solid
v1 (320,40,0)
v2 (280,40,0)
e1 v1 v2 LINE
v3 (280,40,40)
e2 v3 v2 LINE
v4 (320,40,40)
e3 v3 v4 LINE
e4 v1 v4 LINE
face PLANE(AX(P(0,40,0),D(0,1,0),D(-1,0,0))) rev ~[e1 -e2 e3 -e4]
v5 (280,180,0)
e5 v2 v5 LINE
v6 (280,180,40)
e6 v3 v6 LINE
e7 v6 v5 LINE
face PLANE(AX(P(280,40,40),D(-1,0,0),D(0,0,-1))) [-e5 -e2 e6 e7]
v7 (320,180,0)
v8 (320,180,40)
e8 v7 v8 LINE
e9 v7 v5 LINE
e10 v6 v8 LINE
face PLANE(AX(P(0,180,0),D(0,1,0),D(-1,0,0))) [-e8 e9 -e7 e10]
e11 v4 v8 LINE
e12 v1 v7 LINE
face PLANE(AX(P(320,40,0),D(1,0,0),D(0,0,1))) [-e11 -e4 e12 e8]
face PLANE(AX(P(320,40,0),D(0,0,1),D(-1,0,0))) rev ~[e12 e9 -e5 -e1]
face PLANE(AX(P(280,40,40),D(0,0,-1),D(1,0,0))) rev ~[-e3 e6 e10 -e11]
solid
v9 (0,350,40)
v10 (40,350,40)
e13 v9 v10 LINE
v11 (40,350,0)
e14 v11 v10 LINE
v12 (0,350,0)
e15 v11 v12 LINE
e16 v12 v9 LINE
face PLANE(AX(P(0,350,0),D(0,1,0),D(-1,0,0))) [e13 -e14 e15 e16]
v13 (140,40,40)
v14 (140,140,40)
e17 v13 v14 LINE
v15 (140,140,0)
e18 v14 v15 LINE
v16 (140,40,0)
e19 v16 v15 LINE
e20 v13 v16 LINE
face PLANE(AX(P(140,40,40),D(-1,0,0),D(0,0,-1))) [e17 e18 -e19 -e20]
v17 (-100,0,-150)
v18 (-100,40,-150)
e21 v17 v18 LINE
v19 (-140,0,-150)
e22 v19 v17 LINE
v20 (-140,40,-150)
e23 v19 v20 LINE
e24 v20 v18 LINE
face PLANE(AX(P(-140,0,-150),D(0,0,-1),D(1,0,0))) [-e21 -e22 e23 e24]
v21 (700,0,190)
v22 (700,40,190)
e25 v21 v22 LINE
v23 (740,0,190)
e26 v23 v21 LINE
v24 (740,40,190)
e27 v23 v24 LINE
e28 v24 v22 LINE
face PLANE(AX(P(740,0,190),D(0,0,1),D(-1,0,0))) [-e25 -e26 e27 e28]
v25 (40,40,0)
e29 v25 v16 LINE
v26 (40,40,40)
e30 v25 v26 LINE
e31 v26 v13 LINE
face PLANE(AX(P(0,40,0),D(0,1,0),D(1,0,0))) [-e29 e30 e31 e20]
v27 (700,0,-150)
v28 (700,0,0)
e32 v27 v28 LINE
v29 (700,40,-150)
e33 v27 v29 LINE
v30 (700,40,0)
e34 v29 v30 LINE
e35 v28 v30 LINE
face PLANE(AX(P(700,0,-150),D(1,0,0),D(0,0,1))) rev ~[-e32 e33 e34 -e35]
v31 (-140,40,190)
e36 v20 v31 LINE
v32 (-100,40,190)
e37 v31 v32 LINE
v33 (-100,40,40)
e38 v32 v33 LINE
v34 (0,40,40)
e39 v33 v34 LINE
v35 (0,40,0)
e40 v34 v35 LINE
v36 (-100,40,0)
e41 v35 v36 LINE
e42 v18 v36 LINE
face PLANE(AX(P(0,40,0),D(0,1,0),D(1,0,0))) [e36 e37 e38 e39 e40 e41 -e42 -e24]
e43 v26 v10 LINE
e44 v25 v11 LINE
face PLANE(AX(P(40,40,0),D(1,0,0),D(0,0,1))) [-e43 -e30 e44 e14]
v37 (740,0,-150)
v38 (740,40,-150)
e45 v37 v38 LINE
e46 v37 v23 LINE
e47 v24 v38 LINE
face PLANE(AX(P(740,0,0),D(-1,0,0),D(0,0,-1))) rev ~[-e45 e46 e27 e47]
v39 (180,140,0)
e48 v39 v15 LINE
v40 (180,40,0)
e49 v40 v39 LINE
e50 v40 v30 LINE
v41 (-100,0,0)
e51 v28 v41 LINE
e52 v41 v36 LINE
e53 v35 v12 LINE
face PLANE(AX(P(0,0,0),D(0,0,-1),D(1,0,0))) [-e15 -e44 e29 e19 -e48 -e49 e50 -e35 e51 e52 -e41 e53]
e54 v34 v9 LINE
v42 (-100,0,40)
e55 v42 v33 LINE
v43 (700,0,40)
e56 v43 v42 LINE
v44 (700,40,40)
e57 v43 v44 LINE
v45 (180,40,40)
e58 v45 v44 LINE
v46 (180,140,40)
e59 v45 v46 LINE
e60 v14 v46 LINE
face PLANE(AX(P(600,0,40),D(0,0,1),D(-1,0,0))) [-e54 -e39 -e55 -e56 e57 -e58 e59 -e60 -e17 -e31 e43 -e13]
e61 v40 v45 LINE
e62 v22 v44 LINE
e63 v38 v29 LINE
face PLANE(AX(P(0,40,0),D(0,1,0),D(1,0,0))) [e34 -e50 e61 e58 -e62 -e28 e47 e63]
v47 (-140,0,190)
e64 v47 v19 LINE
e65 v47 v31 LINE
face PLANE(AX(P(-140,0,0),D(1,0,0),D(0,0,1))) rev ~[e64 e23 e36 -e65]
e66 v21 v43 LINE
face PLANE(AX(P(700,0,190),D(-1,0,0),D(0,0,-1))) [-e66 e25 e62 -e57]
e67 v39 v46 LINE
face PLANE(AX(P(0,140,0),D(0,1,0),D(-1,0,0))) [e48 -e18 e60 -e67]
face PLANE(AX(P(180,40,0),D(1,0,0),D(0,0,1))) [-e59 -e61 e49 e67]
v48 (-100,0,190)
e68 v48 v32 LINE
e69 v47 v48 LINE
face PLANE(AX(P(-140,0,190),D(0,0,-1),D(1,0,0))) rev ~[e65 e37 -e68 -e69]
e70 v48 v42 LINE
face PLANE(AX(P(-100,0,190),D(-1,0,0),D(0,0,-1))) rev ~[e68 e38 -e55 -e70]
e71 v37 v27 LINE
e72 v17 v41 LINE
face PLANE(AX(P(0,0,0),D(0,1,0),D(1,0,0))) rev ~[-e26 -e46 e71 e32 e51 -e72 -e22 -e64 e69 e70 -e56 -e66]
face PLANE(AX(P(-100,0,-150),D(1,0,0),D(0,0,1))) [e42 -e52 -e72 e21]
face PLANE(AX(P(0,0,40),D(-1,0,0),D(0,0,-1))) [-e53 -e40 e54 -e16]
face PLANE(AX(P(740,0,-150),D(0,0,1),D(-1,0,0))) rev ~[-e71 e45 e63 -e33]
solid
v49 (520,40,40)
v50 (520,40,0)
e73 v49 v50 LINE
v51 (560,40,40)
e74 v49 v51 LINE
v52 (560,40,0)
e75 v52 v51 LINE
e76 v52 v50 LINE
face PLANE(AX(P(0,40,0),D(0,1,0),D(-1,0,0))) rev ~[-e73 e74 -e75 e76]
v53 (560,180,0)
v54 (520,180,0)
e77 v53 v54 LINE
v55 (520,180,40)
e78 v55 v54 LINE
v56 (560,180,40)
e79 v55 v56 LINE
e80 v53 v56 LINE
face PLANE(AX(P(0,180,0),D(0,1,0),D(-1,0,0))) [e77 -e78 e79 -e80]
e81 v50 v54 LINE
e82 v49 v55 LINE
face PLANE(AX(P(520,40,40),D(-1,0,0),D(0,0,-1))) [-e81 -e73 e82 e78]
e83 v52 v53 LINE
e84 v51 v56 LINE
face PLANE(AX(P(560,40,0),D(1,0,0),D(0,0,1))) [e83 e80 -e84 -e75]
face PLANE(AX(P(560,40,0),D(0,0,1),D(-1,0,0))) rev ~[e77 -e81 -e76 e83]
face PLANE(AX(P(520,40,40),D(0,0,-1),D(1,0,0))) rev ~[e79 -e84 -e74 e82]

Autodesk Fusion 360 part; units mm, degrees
sketch "Eskiz1" plane through (0, 0, 0) normal (0, 1, 0) x (1, 0, 0)
  line L0 (0, 0) -> (600, 0)
  line L1 (600, 0) -> (600, -40)
  line L2 (600, -40) -> (0, -40)
  line L3 (0, -40) -> (0, 0)
  line L4 (0, 0) -> (-100, 0)
  line L5 (-100, 0) -> (-100, -40)
  line L6 (-100, -40) -> (0, -40)
  line L7 (0, -40) -> (0, 0)
  line L8 (-100, 0) -> (-140, 0)
  line L9 (-140, 0) -> (-140, -190)
  line L10 (-140, -190) -> (-100, -190)
  line L11 (-100, -190) -> (-100, 0)
  line L12 (-100, -40) -> (-140, -40)
  line L13 (-140, -40) -> (-140, 150)
  line L14 (-140, 150) -> (-100, 150)
  line L15 (-100, 150) -> (-100, -40)
  line L16 (740, 0) -> (740, -190)
  line L17 (700, 0) -> (600, 0)
  line L18 (740, -40) -> (740, 150)
  line L19 (600, -40) -> (700, -40)
  line L20 (700, -190) -> (700, 0)
  line L21 (740, -190) -> (700, -190)
  line L22 (700, -40) -> (700, 0)
  line L23 (740, 150) -> (700, 150)
  line L24 (700, -40) -> (740, -40)
  line L25 (700, 0) -> (740, 0)
  line L26 (700, 150) -> (700, -40)
  dimension "d1" = 600
  dimension "d2" = 40
  dimension "d24" = 100
  dimension "d25" = 40
  dimension "d26" = 40
  dimension "d27" = 190
  dimension "d28" = 40
  dimension "d29" = 190
  dimension "d30" = 100
  dimension "d31" = 40
  dimension "d32" = 40
  dimension "d33" = 190
  dimension "d34" = 40
  dimension "d35" = 190
extrude "Ekstrüde Et1" add sketch "Eskiz1" along normal blind 40 contours L0 L1 L2 L3 L7 makes body 1
sketch "Eskiz2" plane through (0, 40, 0) normal (0, 1, 0) x (-1, 0, 0)
  line L0 (0, 40) -> (-600, 40)
  line L1 (-600, 40) -> (-600, 0)
  line L2 (-600, 0) -> (0, 0)
  line L3 (0, 0) -> (0, 40)
  line L4 (0, 0) -> (-40, 0)
  line L5 (-40, 0) -> (-40, 40)
  line L6 (-40, 40) -> (0, 40)
  line L7 (0, 40) -> (0, 0)
  line L8 (-280, 0) -> (-320, 0)
  line L9 (-320, 0) -> (-320, 40)
  line L10 (-320, 40) -> (-280, 40)
  line L11 (-280, 40) -> (-280, 0)
  line L12 (-520, 0) -> (-560, 0)
  line L13 (-560, 0) -> (-560, 40)
  line L14 (-560, 40) -> (-520, 40)
  line L15 (-520, 40) -> (-520, 0)
  line L16 (-140, 0) -> (-180, 0)
  line L17 (-180, 0) -> (-180, 40)
  line L18 (-180, 40) -> (-140, 40)
  line L19 (-140, 40) -> (-140, 0)
  dimension "d5" = 40
  dimension "d6" = 40
  dimension "d7" = 40
  dimension "d8" = 40
  dimension "d9" = 40
  dimension "d16" = 40
  dimension "d17" = 40
  dimension "d20" = 40
  dimension "d21" = 100
  dimension "d22" = 100
  dimension "d23" = 200
extrude "Ekstrüde Et2" add sketch "Eskiz2" along normal blind 140 separate body contours L0 L2 L8 L9 L10 L11 | L0 L2 L12 L13 L14 L15 makes body 2 at (280, 86.6667, 26.6667) makes body 3 at (520, 86.6667, 26.6667)
extrude "Ekstrüde Et3" add sketch "Eskiz2" along normal blind 310 contours L0 L2 L3 L4 L5 L6 L7 bodies 1
extrude "Ekstrüde Et4" add sketch "Eskiz1" along normal blind 40 contours L3 L4 L5 L6 L7 L11 L15 | L1 L17 L19 L20 L22 L26 | L5 L8 L9 L11 L12 L13 L15 | L8 L13 L14 L15 | L16 L18 L20 L22 L24 L25 L26 | L18 L23 L25 L26 | L9 L10 L11 L12 | L16 L20 L21 L24 bodies 1
extrude "Ekstrüde Et5" add sketch "Eskiz2" along normal blind 100 contours L0 L2 L16 L17 L18 L19 bodies 1
